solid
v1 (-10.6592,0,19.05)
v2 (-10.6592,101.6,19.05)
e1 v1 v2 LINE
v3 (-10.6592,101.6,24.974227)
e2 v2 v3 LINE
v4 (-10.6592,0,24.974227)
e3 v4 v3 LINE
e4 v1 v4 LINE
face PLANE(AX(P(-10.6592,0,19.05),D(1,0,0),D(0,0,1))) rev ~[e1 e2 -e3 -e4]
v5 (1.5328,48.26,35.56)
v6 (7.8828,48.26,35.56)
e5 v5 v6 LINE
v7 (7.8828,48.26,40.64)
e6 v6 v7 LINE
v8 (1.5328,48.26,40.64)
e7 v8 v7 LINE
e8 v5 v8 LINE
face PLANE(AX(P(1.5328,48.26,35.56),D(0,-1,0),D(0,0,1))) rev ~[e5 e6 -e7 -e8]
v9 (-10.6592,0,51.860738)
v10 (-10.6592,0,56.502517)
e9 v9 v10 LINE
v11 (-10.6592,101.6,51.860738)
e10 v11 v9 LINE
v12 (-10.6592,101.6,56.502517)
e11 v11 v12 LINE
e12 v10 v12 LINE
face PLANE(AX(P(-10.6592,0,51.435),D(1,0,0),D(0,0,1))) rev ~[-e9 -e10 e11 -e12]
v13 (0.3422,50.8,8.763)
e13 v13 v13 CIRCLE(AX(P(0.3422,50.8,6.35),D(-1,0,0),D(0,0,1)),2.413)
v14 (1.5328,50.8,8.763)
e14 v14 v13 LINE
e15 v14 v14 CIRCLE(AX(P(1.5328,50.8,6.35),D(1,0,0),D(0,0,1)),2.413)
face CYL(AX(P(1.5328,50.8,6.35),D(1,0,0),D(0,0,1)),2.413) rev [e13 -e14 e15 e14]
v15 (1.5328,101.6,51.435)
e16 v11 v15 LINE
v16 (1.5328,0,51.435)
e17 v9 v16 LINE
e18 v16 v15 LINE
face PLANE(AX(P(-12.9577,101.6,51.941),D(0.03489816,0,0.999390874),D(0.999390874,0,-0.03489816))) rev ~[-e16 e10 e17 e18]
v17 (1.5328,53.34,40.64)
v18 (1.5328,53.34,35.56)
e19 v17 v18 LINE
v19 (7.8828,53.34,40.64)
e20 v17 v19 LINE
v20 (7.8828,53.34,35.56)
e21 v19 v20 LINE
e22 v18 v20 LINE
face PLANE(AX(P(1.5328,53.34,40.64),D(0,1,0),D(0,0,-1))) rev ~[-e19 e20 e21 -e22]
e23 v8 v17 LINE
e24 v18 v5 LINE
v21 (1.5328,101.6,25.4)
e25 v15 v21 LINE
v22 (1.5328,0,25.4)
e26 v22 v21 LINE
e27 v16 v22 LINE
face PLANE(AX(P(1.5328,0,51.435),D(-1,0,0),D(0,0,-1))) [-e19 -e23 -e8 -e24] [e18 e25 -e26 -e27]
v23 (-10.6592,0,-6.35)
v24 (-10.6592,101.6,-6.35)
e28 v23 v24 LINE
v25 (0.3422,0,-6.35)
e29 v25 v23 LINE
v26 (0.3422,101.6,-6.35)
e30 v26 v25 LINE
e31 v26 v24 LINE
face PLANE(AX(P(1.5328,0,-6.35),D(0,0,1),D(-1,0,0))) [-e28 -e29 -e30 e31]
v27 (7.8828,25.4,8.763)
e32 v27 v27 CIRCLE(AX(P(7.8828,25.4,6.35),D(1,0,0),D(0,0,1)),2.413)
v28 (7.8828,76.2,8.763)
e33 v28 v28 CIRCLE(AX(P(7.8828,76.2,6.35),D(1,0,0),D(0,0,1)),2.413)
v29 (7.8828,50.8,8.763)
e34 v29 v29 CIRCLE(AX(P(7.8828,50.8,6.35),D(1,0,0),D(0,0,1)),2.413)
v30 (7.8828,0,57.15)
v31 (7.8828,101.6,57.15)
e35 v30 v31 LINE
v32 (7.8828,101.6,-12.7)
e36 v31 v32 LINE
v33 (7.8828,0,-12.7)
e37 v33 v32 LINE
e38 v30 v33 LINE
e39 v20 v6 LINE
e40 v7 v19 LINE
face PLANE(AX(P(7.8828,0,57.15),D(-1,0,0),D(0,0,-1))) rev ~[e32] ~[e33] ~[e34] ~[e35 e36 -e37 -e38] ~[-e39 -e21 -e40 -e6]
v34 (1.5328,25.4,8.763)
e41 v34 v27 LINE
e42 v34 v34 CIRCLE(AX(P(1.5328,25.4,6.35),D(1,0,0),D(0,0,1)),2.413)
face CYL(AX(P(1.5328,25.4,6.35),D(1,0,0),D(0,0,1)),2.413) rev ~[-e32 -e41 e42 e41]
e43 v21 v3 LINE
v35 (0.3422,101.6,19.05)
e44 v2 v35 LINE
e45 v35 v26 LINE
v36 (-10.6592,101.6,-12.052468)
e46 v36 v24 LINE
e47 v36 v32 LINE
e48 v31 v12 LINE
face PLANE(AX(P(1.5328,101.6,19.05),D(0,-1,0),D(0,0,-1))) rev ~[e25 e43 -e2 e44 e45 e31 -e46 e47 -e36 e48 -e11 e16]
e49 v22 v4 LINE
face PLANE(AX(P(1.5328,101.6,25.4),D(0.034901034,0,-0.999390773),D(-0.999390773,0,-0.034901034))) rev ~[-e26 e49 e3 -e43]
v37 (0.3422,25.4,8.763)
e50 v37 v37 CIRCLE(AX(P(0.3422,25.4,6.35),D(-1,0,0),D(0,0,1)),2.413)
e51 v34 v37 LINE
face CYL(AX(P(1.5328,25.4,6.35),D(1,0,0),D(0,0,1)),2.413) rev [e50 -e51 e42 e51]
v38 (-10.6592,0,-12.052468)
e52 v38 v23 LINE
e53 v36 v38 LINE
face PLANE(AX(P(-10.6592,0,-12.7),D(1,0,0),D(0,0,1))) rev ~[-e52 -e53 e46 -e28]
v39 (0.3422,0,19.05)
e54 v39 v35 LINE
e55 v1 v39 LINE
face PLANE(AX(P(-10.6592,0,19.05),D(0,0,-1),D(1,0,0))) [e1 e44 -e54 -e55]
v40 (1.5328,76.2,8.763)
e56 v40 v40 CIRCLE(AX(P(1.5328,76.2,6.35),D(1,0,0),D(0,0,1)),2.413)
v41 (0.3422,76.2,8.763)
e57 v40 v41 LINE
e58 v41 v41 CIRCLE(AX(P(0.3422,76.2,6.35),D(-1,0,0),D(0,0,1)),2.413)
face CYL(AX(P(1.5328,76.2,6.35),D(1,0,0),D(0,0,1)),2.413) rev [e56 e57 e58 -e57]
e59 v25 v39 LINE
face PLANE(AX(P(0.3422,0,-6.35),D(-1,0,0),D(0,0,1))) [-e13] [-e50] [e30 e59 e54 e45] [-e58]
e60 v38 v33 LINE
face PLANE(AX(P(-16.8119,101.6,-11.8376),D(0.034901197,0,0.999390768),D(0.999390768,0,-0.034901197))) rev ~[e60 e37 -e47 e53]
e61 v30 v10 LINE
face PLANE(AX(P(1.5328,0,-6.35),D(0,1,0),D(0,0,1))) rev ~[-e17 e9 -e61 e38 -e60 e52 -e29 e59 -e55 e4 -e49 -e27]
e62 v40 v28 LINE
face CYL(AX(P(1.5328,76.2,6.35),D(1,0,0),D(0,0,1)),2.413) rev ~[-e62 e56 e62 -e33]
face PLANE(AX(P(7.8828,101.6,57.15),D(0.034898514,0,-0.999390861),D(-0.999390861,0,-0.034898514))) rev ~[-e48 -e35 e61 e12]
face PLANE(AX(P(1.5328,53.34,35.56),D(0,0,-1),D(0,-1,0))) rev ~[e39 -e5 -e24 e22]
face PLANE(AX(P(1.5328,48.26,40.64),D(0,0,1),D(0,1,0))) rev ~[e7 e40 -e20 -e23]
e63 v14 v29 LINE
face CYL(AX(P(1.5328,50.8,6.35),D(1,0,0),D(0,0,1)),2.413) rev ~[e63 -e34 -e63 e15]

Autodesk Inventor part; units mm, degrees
ref_plane "YZ Plane" through (0, 0, 0) normal (1, 0, 0) x (0, 1, 0)
ref_plane "XZ Plane" through (0, 0, 0) normal (0, 1, 0) x (-1, 0, 0)
ref_plane "XY Plane" through (0, 0, 0) normal (0, 0, 1) x (1, 0, 0)
sketch "Sketch1" plane through (0, 0, 0) normal (0, 1, 0) x (-1, 0, 0)
  line L0 (10.6592, 57.15) -> (-7.8828, 57.15)
  line L1 (-7.8828, 57.15) -> (-7.8828, -12.7)
  line L2 (-7.8828, -12.7) -> (10.6592, -12.7)
  line L3 (10.6592, 51.435) -> (-1.5328, 51.435)
  line L4 (-1.5328, 51.435) -> (-1.5328, 25.4)
  line L5 (-1.5328, 25.4) -> (10.6592, 25.4)
  line L6 (10.6592, 19.05) -> (-1.5328, 19.05)
  line L7 (-1.5328, 19.05) -> (-1.5328, -6.35)
  line L8 (-1.5328, -6.35) -> (10.6592, -6.35)
  line L9 (10.6592, -12.7) -> (10.6592, -6.35)
  line L10 (10.6592, 19.05) -> (10.6592, 25.4)
  line L11 (10.6592, 51.435) -> (10.6592, 57.15)
  point P0 (0, 0)
  dimension "d0" = 18.542
  dimension "d3" = 6.35
  dimension "d4" = 6.35
  dimension "d5" = 5.715
  dimension "d7" = 0
  dimension "d8" = 26.035
  dimension "d9" = 25.4
  dimension "d25" = 0
  dimension "d26" = 0
extrude "Extrusion1" add sketch "Sketch1" along normal blind 101.6
sketch "Sketch2" plane through (1.5328, 0, -6.35) normal (-1, 0, 0) x (0, 0, 1)
  line L0 (0, 0) -> (0, 101.6) projected
  line L1 (0, 0) -> (25.4, 0) projected
  point P0 (6.35, 0)
  point P1 (12.7, 25.4)
  point P2 (12.7, 50.8)
  point P3 (12.7, 76.2)
  dimension "d12" = 12.7
  dimension "d13" = 25.4
  dimension "d14" = 25.4
  dimension "d15" = 0
  dimension "d16" = 0
  dimension "d17" = 25.4
hole "Hole1" at (1.5328, 25.4, 6.35) at (1.5328, 50.8, 6.35) at (1.5328, 76.2, 6.35) direction (1, 0, 0) diameter 4.826 depth 25.4 tip angle 118
sketch "Sketch3" plane through (0, 101.6, 0) normal (0, 1, 0) x (1, 0, 0)
  line L0 (1.5328, -25.4) -> (-10.7917, -24.9696)
  line L1 (-10.7917, -24.9696) -> (-10.7917, -25.4)
  line L2 (-10.6592, -25.4) -> (1.5328, -25.4) projected
  line L3 (-10.7917, -25.4) -> (1.5328, -25.4)
  point P0 (0, 0)
  dimension "d27" = 2
extrude "Extrusion2" cut sketch "Sketch3" against normal blind 111.125
sketch "Sketch4" plane through (0, 101.6, 0) normal (0, 1, 0) x (1, 0, 0)
  line L0 (1.5328, -51.435) -> (-12.9577, -51.435)
  line L1 (-12.9577, -51.435) -> (-12.9577, -51.941)
  line L2 (-12.9577, -51.941) -> (1.5328, -51.435)
  point P0 (0, 0)
  dimension "d30" = 2
extrude "Extrusion3" cut sketch "Sketch4" against normal blind 119.0625
sketch "Sketch5" plane through (0, 101.6, 0) normal (0, 1, 0) x (1, 0, 0)
  line L0 (-10.6592, -57.15) -> (7.8828, -57.15) projected
  line L1 (7.8828, -57.15) -> (-13.0423, -56.4193)
  line L2 (-13.0423, -56.4193) -> (-13.0009, -57.15)
  line L3 (-13.0009, -57.15) -> (7.8828, -57.15)
  point P0 (0, 0)
  dimension "d33" = 2
extrude "Extrusion4" cut sketch "Sketch5" against normal blind 196.85
sketch "Sketch6" plane through (0, 101.6, 0) normal (0, 1, 0) x (1, 0, 0)
  line L0 (7.8828, 12.7) -> (-10.6592, 12.7) projected
  line L1 (7.8828, 12.7) -> (-16.8119, 12.7)
  line L2 (-16.8119, 12.7) -> (-16.8119, 11.8376)
  line L3 (7.8828, -57.15) -> (7.8828, 12.7) projected
  line L4 (-16.8119, 11.8376) -> (7.8828, 12.7)
  point P0 (0, 0)
  dimension "d36" = 2
extrude "Extrusion5" cut sketch "Sketch6" against normal blind 334.9625
sketch "Sketch8" plane through (1.5328, 0, -6.35) normal (-1, 0, 0) x (0, 0, 1)
  line L0 (0, 0) -> (25.4, 0) projected
  circle A0 centre (12.7, 25.4) radius 2.413 projected
  circle A1 centre (12.7, 50.8) radius 2.413 projected
  circle A2 centre (12.7, 76.2) radius 2.413 projected
  line L1 (25.4, 0) -> (25.4, 101.6) projected
  line L2 (0, 0) -> (25.4, 0)
  line L3 (25.4, 0) -> (25.4, 101.6)
  line L4 (25.4, 101.6) -> (0, 101.6)
  line L5 (0, 101.6) -> (0, 0)
  circle A3 centre (12.7, 25.4) radius 2.413
  circle A4 centre (12.7, 50.8) radius 2.413
  circle A5 centre (12.7, 76.2) radius 2.413
  point P0 (6.35, 0)
extrude "Extrusion7" add sketch "Sketch8" along normal blind 1.1906
sketch "Sketch9" plane through (1.5328, 0, 25.4) normal (-1, 0, 0) x (0, 0, 1)
  line L0 (10.16, 48.26) -> (15.24, 48.26)
  line L1 (15.24, 48.26) -> (15.24, 53.34)
  line L2 (15.24, 53.34) -> (10.16, 53.34)
  line L3 (10.16, 53.34) -> (10.16, 48.26)
  line L4 (0, 101.6) -> (26.035, 101.6) projected
  line L5 (0, 0) -> (0, 101.6) projected
  point P0 (-25.4, 0)
  dimension "d43" = 5.08
  dimension "d44" = 5.08
  dimension "d45" = 48.26
  dimension "d46" = 10.16
extrude "Extrusion8" cut sketch "Sketch9" against normal blind 19.4469
equation "\"d0\" = ElvDelWidth"
equation "\"d3\" = ElvDelFrontTabLength"
equation "\"d4\" = ElvDelMiddleTabLength"
equation "\"d9\" = ElvBeamWidth"
equation "\"d10\" = ElvDelHeight"
equation "\"ElvBeamWidth\" = 25.4"
equation "\"ElvDelWidth\" = 18.542"
equation "\"ElvDelHeight\" = 101.6"
equation "\"ElvDelFrontTabLength\" = 6.35"
equation "\"ElvDelDepth\" = 6.35"
equation "\"d2\" = ElvDelDepth"
equation "\"ElvCrossBeamLength\" = 304.8"
equation "\"ElvFixedBeamLength\" = 990.6"
equation "\"ElvMiddleBeamLength\" = 990.6"
equation "\"ElvFrontBeamLength\" = 990.6"
equation "\"ElvEndEffectLength\" = 431.8"
equation "\"ElvWallWidth\" = 1.5875"
equation "\"ElvTopBeamLength\" = 457.2"
equation "\"ElvHoleFromFront\" = 25.4"
equation "\"ElvHoleFromMid\" = 38.1"
equation "\"ElvHoleFromFixed\" = 50.8"
equation "\"ElvHoleFromBottom\" = 38.1"
equation "\"ElvRivetPlateLength\" = 76.2"
equation "\"ElvDelMiddleTabLength\" = 6.35"
properties part number "ElvDelV4" material "Acetal Resin, White"
